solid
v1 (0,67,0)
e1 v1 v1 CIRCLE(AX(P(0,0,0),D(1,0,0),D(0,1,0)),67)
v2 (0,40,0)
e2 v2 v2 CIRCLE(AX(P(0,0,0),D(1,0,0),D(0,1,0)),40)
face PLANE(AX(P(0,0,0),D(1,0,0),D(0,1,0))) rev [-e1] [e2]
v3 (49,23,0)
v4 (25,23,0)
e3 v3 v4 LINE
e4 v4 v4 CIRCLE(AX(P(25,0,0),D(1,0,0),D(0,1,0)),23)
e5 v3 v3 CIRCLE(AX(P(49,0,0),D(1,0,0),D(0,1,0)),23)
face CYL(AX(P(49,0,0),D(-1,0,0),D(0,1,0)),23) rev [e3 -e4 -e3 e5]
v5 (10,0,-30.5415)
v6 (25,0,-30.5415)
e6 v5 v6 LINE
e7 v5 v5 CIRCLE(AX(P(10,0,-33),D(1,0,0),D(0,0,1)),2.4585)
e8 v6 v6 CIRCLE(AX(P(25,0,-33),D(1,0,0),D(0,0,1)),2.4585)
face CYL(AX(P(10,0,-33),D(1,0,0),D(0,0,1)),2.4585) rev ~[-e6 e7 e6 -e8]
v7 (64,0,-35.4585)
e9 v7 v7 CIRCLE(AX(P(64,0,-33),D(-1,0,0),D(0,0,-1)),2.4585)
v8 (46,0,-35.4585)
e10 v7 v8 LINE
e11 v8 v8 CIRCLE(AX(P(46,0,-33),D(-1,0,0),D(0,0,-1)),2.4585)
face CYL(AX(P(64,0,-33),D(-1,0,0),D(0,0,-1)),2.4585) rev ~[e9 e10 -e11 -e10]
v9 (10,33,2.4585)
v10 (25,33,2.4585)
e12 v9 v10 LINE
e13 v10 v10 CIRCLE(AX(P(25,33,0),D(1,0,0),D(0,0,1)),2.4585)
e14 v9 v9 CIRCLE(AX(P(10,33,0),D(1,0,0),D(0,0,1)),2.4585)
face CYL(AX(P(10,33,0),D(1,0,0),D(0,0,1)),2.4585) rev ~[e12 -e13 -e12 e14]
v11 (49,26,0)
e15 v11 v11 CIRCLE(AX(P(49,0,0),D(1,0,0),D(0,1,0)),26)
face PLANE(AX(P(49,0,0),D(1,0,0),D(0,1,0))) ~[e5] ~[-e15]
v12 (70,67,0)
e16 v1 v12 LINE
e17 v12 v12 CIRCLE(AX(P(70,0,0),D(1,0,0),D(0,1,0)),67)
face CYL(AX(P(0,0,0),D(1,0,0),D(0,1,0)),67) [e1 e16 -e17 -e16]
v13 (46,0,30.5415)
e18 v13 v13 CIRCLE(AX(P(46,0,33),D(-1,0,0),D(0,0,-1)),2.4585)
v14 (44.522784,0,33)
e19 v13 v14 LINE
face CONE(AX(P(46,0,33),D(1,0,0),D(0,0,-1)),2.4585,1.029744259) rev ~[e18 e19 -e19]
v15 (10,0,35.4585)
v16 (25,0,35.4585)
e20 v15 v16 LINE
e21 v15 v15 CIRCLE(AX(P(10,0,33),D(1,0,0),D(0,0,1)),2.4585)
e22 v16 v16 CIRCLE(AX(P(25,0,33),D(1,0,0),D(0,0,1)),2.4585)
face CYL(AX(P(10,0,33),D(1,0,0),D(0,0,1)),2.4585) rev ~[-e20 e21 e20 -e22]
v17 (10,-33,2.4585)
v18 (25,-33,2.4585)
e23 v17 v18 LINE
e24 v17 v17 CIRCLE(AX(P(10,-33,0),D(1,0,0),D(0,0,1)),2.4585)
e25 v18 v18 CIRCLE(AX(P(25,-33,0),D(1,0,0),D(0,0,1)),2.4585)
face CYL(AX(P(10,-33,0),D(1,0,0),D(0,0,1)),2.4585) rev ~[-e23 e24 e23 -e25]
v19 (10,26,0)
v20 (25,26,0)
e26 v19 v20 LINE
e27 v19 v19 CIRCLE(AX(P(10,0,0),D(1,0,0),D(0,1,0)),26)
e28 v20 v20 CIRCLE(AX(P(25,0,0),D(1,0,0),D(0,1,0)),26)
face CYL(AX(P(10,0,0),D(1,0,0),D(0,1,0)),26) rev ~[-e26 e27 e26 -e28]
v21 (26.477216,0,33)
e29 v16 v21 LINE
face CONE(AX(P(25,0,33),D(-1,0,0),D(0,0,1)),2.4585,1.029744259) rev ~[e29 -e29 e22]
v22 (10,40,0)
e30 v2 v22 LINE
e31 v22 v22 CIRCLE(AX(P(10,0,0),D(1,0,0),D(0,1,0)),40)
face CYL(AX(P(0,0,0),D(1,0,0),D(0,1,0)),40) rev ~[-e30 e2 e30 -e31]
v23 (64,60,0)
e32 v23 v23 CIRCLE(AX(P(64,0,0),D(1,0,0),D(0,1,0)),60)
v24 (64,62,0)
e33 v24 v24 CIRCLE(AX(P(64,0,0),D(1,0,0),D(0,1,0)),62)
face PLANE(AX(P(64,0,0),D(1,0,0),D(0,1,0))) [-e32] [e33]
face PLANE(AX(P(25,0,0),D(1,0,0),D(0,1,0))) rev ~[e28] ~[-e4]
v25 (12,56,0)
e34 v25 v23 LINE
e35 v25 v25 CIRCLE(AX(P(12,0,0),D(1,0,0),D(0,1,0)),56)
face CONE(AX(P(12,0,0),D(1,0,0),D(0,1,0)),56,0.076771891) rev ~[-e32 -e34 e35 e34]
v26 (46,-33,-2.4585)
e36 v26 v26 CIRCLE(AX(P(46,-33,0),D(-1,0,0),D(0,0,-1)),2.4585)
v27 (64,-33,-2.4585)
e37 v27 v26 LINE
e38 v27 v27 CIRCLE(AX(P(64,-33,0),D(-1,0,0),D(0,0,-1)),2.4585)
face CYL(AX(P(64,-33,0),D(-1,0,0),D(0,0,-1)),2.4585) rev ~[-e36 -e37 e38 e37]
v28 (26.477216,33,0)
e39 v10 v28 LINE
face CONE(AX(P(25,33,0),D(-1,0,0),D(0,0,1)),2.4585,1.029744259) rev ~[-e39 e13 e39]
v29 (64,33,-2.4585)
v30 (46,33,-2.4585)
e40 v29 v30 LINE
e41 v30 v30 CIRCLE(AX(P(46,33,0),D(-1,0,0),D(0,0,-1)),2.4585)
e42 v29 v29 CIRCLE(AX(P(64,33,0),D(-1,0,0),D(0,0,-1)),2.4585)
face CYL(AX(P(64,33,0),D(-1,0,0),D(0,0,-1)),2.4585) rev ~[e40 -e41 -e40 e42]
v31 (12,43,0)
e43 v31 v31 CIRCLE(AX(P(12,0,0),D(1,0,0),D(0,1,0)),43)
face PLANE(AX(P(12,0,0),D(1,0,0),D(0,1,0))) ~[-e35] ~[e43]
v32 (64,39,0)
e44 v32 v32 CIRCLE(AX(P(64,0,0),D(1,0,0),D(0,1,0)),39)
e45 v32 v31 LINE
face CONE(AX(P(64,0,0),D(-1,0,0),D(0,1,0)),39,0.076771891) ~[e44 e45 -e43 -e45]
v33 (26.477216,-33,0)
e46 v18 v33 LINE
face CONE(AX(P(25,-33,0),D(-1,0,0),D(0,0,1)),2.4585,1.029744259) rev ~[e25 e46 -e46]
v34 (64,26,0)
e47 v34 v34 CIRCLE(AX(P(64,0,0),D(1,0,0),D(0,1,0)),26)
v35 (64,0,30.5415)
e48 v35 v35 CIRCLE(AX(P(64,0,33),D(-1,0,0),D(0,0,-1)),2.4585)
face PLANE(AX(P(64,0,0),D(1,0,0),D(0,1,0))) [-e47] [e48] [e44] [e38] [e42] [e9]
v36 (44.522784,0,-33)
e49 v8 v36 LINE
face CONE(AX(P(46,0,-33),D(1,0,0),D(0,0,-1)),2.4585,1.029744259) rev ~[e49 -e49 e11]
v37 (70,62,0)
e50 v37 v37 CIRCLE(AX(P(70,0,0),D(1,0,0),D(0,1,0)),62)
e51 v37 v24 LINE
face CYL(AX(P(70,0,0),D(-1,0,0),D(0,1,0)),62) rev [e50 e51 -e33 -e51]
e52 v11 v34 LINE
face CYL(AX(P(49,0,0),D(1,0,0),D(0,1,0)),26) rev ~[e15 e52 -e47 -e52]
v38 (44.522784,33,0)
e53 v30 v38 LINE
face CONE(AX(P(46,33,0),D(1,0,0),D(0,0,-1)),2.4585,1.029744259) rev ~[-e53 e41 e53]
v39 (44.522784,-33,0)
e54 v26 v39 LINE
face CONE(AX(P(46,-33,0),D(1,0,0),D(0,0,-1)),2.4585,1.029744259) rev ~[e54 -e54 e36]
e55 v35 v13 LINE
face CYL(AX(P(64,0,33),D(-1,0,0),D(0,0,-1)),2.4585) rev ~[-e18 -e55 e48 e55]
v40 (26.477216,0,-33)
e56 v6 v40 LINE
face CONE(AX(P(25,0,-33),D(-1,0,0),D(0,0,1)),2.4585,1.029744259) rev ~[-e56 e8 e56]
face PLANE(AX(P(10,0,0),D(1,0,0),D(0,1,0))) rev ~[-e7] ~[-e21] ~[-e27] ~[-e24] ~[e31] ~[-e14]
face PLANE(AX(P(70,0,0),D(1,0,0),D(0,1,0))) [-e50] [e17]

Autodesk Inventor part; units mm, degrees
ref_plane "YZ Plane" through (0, 0, 0) normal (1, 0, 0) x (0, 1, 0)
ref_plane "XZ Plane" through (0, 0, 0) normal (0, 1, 0) x (-1, 0, 0)
ref_plane "XY Plane" through (0, 0, 0) normal (0, 0, 1) x (1, 0, 0)
sketch "Boceto1" plane through (0, 0, 0) normal (0, 0, 1) x (1, 0, 0)
  line L0 (0, 0) -> (0, 40)
  line L1 (0, 40) -> (10, 40)
  line L2 (0, 0) -> (80, 0)
  line L3 (10, 40) -> (10, 0)
  line L4 (10, 0) -> (10, 26)
  line L5 (10, 26) -> (25, 26)
  line L6 (25, 26) -> (25, 0)
  line L7 (25, 0) -> (25, 23)
  line L8 (0, 0) -> (0, 67)
  line L9 (0, 67) -> (70, 67)
  line L10 (0, 67) -> (12, 67) construction
  line L11 (12, 67) -> (12, 0) construction
  line L12 (70, 67) -> (70, 62)
  line L13 (70, 62) -> (64, 62)
  line L14 (70, 62) -> (70, 0)
  line L15 (64, 0) -> (70, 0)
  line L16 (64, 0) -> (70, 0)
  line L17 (64, 62) -> (64, 0)
  line L18 (64, 62) -> (64, 60)
  line L19 (64, 0) -> (64, 39)
  line L20 (64, 60) -> (116.3905, 60) construction
  line L21 (64, 39) -> (116.3905, 39) construction
  line L22 (25, 0) -> (25, 23)
  line L23 (49, 0) -> (49, 23)
  line L24 (49, 23) -> (25, 23)
  line L25 (49, 23) -> (49, 26)
  line L26 (49, 26) -> (64, 26)
  line L27 (64, 39) -> (64, 49.5)
  line L28 (64, 49.5) -> (-5.756, 49.5) construction
  line L29 (12, 49.5) -> (12, 56)
  line L30 (12, 56) -> (12, 43)
  line L31 (12, 56) -> (64, 60)
  line L32 (64, 39) -> (12, 43)
  dimension "d0" = 40
  dimension "d1" = 10
  dimension "d2" = 80
  dimension "d3" = 26
  dimension "d4" = 15
  dimension "d10" = 67
  dimension "d12" = 70
  dimension "d16" = 12
  dimension "d22" = 5
  dimension "d29" = 54
  dimension "d30" = 2
  dimension "d31" = 39
  dimension "d40" = 24
  dimension "d41" = 23
  dimension "d42" = 3
  dimension "d45" = 10.5
  dimension "d46" = 6.5
  dimension "d47" = 13
revolve "Revolución1" add sketch "Boceto1" angle 360 about axis through (0, 0, 0) along (1, 0, 0) contours L8 L9 L12 L13 L17 L31 L29 L30 L32 L26 L25 L24 L6 L5 L3 L1
sketch "Boceto4" plane through (10, 0, 0) normal (-1, 0, 0) x (0, 0, 1)
  circle A0 centre (0, 0) radius 33 construction
  circle A1 centre (0, 0) radius 33 construction
  circle A2 centre (0, 0) radius 33 construction
  circle A3 centre (0, 0) radius 33 construction
  point P0 (-33, 0)
  point P1 (0, -33)
  point P2 (33, 0)
  point P3 (0, 33)
  dimension "d61" = 66
  dimension "d64" = 360
hole "Agujero2" at (10, 33, 0) at (10, 0, 33) at (10, -33, 0) at (10, 0, -33) direction (1, 0, 0) diameter 4.917 depth 15 tip angle 118 thread size "M6x1" class "6H" standard "ANSI Metric M Profile"
sketch "Boceto5" plane through (64, 0, 0) normal (1, 0, 0) x (0, 0, -1)
  circle A0 centre (0, 0) radius 33 construction
  circle A1 centre (0, 33) radius 2.4585 projected
  circle A2 centre (-33, 0) radius 2.4585 projected
  circle A3 centre (33, 0) radius 2.4585 projected
  circle A4 centre (0, -33) radius 2.4585 projected
  dimension "d73" = 66
hole "Agujero3" at (64, 33, 0) at (64, 0, 33) at (64, 0, -33) at (64, -33, 0) direction (-1, 0, 0) diameter 4.917 depth 18 tip angle 118 thread size "M6x1" class "6H" standard "ANSI Metric M Profile"
properties part number "Cilindro Tensor"
